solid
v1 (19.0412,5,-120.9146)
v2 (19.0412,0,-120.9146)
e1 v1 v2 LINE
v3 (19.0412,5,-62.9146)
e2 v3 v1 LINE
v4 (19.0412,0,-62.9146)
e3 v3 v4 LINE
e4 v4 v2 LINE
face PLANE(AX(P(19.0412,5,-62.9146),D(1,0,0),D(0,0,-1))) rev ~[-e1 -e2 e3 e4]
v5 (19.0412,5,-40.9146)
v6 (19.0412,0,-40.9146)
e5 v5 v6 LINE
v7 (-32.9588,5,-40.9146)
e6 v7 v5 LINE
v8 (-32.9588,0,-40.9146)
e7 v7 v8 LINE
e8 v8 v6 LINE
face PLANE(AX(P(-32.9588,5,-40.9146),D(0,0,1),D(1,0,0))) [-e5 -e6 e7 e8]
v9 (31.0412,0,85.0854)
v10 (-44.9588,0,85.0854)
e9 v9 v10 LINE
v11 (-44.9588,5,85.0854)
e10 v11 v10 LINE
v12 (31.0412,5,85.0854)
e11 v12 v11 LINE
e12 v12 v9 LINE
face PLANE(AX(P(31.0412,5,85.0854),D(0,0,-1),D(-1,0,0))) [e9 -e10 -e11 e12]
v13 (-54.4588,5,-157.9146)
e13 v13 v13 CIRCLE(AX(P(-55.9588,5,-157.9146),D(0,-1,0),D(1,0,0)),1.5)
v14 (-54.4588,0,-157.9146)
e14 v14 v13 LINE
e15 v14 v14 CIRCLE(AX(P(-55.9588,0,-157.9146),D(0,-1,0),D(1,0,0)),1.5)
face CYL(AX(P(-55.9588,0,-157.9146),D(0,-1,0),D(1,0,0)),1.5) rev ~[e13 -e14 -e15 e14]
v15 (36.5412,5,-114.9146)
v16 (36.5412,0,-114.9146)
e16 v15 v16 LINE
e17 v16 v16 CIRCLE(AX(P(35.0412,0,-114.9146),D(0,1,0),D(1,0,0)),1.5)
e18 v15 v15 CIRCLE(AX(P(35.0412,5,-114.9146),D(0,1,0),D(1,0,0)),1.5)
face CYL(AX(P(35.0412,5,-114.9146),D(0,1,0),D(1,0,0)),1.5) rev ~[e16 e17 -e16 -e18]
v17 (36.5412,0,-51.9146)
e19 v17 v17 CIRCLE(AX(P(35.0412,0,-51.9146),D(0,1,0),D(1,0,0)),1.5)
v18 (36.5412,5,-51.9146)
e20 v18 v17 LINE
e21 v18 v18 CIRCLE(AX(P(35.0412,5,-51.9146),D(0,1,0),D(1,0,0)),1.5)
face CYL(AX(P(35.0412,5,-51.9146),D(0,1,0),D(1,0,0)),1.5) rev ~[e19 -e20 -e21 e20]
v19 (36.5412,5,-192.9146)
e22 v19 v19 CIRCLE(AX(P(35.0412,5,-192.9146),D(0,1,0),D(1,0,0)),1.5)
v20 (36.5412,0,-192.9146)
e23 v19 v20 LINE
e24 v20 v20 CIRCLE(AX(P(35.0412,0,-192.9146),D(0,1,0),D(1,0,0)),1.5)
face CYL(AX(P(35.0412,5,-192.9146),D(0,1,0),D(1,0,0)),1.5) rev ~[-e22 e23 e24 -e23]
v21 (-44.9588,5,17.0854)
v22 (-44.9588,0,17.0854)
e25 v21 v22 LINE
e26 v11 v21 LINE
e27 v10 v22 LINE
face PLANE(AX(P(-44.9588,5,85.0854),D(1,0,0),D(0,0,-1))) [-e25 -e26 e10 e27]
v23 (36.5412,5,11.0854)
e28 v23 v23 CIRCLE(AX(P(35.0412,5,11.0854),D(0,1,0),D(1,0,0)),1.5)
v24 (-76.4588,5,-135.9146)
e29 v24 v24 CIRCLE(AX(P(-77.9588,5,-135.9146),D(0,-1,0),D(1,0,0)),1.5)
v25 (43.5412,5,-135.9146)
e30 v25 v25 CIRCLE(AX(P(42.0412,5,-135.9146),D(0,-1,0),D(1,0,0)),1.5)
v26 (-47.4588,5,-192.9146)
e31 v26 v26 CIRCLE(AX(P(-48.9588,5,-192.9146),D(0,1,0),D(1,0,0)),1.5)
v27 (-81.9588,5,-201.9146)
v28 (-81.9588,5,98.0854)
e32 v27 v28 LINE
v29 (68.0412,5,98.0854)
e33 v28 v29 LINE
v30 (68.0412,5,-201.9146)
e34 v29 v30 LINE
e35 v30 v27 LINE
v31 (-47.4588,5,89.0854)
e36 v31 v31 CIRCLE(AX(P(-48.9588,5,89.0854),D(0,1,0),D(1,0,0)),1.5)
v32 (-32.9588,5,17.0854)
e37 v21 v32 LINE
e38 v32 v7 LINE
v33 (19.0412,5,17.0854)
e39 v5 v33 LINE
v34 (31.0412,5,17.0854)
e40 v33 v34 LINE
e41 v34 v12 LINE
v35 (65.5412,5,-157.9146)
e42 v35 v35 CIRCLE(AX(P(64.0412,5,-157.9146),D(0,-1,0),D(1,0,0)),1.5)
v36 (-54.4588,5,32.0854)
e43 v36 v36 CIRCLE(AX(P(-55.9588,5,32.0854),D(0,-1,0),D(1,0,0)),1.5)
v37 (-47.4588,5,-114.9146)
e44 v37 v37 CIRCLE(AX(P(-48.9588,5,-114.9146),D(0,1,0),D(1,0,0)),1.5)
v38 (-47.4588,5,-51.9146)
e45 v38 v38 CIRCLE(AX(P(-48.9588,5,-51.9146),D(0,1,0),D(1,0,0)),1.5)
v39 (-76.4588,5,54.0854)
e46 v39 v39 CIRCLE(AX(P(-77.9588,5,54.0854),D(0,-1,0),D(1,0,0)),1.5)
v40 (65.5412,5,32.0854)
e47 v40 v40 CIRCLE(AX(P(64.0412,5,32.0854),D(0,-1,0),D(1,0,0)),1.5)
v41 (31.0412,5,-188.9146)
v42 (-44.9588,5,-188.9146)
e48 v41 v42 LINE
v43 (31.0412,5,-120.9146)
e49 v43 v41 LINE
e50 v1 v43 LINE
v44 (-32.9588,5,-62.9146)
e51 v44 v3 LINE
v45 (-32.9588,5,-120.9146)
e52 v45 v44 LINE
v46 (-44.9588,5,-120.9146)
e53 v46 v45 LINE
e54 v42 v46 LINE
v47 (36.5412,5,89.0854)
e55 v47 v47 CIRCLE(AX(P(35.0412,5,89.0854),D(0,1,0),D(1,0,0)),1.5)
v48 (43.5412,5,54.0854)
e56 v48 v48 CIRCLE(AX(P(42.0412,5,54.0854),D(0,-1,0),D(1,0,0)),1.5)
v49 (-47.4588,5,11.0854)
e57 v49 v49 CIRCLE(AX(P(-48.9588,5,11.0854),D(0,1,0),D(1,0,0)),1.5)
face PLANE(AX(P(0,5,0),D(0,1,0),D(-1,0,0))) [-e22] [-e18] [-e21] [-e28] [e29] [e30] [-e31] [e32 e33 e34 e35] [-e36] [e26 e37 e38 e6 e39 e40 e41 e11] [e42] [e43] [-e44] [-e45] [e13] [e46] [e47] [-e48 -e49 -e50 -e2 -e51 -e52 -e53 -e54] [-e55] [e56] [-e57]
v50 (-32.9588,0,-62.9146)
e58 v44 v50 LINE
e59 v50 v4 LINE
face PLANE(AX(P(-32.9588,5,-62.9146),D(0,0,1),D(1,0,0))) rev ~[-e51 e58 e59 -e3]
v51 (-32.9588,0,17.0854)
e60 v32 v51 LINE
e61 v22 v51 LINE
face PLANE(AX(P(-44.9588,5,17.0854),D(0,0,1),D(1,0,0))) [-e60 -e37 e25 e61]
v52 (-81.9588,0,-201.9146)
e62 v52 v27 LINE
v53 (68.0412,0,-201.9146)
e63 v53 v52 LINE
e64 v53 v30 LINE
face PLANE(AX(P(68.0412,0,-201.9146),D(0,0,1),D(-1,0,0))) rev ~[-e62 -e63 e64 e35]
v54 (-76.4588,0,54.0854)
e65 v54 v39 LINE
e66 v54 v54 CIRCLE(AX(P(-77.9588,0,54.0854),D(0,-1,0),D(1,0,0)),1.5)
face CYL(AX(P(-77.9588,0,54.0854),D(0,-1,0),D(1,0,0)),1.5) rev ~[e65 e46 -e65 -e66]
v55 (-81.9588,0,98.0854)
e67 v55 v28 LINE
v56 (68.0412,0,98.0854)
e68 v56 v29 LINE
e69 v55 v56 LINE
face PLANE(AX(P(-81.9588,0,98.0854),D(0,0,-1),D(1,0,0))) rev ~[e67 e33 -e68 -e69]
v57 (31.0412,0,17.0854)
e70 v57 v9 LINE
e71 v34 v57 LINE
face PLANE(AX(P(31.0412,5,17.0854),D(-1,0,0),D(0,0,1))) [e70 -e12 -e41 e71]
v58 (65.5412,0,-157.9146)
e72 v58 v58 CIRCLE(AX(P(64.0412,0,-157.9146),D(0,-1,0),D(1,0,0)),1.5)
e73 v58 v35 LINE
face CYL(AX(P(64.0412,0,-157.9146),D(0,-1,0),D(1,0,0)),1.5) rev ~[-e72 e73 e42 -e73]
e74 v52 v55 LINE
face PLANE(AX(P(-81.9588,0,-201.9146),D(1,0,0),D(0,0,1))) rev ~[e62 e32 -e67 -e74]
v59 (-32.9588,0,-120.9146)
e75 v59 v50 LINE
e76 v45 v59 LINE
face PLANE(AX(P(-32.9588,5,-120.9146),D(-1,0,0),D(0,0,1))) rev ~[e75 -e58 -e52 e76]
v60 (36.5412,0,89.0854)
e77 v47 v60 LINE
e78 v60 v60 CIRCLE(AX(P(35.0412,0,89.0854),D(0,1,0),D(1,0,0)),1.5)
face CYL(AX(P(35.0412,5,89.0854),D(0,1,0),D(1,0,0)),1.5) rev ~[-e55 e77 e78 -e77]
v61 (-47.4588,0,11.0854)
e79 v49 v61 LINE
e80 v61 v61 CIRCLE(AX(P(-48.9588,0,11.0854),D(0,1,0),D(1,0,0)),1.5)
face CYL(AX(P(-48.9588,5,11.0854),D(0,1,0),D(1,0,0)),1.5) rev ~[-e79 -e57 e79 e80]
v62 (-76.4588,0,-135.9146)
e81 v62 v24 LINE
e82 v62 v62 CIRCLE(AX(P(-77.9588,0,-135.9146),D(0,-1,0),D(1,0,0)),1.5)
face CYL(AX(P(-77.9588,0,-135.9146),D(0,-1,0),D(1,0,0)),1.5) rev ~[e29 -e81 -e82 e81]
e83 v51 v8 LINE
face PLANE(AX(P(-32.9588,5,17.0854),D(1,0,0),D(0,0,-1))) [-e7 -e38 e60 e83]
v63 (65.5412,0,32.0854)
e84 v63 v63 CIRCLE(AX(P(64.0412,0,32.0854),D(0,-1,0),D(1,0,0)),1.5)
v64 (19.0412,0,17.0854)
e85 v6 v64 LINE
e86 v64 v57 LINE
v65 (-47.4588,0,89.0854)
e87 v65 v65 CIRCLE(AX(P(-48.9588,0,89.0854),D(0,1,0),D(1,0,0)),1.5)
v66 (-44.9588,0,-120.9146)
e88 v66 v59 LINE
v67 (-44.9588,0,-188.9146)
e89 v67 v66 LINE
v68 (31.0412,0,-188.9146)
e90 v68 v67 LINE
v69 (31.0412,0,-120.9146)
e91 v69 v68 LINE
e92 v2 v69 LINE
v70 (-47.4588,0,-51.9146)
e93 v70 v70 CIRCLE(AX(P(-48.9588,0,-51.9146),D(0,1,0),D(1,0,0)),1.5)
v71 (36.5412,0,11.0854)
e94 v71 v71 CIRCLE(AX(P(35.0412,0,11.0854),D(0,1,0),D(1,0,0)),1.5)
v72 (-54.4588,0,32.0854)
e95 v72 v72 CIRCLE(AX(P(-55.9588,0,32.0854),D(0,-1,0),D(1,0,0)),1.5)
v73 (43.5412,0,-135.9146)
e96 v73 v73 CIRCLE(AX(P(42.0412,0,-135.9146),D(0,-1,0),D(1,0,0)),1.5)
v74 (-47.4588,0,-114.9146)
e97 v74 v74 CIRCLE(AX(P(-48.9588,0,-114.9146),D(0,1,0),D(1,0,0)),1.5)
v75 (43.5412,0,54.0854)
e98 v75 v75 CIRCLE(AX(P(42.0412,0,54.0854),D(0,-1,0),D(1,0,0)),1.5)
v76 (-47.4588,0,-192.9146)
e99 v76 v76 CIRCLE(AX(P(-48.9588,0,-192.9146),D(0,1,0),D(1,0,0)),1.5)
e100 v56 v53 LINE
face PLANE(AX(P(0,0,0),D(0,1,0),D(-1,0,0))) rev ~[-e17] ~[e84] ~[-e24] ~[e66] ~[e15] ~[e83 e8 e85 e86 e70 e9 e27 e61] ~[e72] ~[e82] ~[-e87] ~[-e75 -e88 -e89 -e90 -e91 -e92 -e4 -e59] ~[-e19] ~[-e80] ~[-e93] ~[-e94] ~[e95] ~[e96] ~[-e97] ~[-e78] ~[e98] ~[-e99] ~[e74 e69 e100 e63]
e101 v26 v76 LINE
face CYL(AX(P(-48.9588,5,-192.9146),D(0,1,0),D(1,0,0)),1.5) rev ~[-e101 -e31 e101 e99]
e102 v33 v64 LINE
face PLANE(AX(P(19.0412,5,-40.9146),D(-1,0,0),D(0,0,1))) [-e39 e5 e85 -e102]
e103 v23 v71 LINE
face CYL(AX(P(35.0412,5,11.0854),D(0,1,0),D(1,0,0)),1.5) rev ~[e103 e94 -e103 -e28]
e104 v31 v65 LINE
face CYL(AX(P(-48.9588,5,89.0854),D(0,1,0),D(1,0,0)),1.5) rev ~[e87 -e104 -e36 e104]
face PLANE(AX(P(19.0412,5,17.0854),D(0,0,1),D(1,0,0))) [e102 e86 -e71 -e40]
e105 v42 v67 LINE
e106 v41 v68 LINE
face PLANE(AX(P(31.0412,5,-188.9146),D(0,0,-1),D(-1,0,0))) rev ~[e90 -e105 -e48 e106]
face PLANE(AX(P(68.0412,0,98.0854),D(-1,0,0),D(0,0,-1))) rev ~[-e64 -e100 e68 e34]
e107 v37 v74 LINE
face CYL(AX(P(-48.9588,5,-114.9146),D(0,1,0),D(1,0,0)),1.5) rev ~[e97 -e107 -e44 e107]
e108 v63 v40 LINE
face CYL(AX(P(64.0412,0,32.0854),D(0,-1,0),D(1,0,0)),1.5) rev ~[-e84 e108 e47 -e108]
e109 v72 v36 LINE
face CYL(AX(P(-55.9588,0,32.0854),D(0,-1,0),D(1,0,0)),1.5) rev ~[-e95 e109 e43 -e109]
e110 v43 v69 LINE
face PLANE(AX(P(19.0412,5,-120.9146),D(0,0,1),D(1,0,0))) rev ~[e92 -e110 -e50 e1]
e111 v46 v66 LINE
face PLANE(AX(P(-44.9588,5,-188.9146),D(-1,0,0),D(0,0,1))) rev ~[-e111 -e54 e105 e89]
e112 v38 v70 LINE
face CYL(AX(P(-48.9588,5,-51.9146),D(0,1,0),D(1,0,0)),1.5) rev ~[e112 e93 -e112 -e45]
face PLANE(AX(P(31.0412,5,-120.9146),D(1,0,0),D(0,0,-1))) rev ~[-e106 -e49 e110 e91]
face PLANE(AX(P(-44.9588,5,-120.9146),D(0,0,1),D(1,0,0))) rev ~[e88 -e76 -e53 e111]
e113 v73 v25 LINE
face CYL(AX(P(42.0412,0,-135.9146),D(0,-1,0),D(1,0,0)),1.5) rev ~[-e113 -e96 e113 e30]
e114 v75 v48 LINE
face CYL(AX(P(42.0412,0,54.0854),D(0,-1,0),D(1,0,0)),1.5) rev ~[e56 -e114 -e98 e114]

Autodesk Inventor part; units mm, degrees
ref_plane "YZ Plane" through (0, 0, 0) normal (1, 0, 0) x (0, 1, 0)
ref_plane "XZ Plane" through (0, 0, 0) normal (0, 1, 0) x (-1, 0, 0)
ref_plane "XY Plane" through (0, 0, 0) normal (0, 0, 1) x (1, 0, 0)
sketch "Esquisse1" plane through (0, 0, 0) normal (0, 1, 0) x (-1, 0, 0)
  line L0 (81.9588, 98.0854) -> (-68.0412, 98.0854)
  line L1 (-68.0412, 98.0854) -> (-68.0412, -201.9146)
  line L2 (-68.0412, -201.9146) -> (81.9588, -201.9146)
  line L3 (81.9588, -201.9146) -> (81.9588, 98.0854)
  point P0 (0, 0)
  dimension "d0" = 300
  dimension "d1" = 150
extrude "Extrusion1" add sketch "Esquisse1" along normal blind 5
sketch "Sketch3" plane through (0, 5, 0) normal (0, 1, 0) x (1, 0, 0)
  line L0 (31.0412, -85.0854) -> (-44.9588, -85.0854)
  line L1 (-44.9588, -85.0854) -> (-44.9588, -17.0854)
  line L2 (31.0412, -17.0854) -> (31.0412, -85.0854)
  line L3 (-81.9588, -98.0854) -> (68.0412, -98.0854) projected
  line L4 (68.0412, -98.0854) -> (68.0412, 201.9146) projected
  line L5 (-32.9588, -17.0854) -> (-32.9588, 40.9146)
  line L6 (-32.9588, 40.9146) -> (19.0412, 40.9146)
  line L7 (19.0412, 40.9146) -> (19.0412, -17.0854)
  line L8 (-44.9588, -17.0854) -> (-32.9588, -17.0854)
  line L9 (19.0412, -17.0854) -> (31.0412, -17.0854)
  line L10 (31.0412, 188.9146) -> (-44.9588, 188.9146)
  line L11 (-44.9588, 188.9146) -> (-44.9588, 120.9146)
  line L12 (31.0412, 120.9146) -> (31.0412, 188.9146)
  line L13 (68.0412, 201.9146) -> (-81.9588, 201.9146) projected
  line L14 (-32.9588, 120.9146) -> (-32.9588, 62.9146)
  line L15 (-32.9588, 62.9146) -> (19.0412, 62.9146)
  line L16 (19.0412, 62.9146) -> (19.0412, 120.9146)
  line L17 (-44.9588, 120.9146) -> (-32.9588, 120.9146)
  line L18 (19.0412, 120.9146) -> (31.0412, 120.9146)
  circle A0 centre (35.0412, 51.9146) radius 1.5
  line L19 (-81.9588, 201.9146) -> (-81.9588, -98.0854) projected
  circle A1 centre (-48.9588, 51.9146) radius 1.5
  point P0 (0, 0)
  dimension "d17" = 76
  dimension "d18" = 68
  dimension "d19" = 13
  dimension "d20" = 37
  dimension "d21" = 12
  dimension "d22" = 12
  dimension "d23" = 58
  dimension "d24" = 68
  dimension "d25" = 52
  dimension "d26" = 13
  dimension "d27" = 76
  dimension "d28" = 68
  dimension "d29" = 37
  dimension "d30" = 12
  dimension "d31" = 12
  dimension "d32" = 58
  dimension "d33" = 52
  dimension "d34" = 68
  dimension "d39" = 3
  dimension "d53" = 33
  dimension "d54" = 150
  dimension "d58" = 3
  dimension "d59" = 33
  dimension "d60" = 150
extrude "Extrusion3" cut sketch "Sketch3" against normal through all contours L0 L1 L8 L5 L6 L7 L9 L2 | L12 L18 L16 L15 L14 L17 L11 L10 | A0 | A1
sketch "Esquisse10" plane through (0, 5, 0) normal (0, 1, 0) x (1, 0, 0)
  circle A0 centre (-48.9588, -89.0854) radius 1.5
  circle A1 centre (-48.9588, -11.0854) radius 1.5
  circle A2 centre (-48.9588, 114.9146) radius 1.5
  circle A3 centre (-48.9588, 192.9146) radius 1.5
  circle A4 centre (35.0412, 192.9146) radius 1.5
  circle A5 centre (35.0412, 114.9146) radius 1.5
  circle A6 centre (35.0412, -11.0854) radius 1.5
  circle A7 centre (35.0412, -89.0854) radius 1.5
  point P0 (0, 0)
extrude "Extrusion9" cut sketch "Esquisse10" against normal through all
sketch "Esquisse12" plane through (0, 0, 0) normal (0, -1, 0) x (1, 0, 0)
  circle A0 centre (-77.9588, 54.0854) radius 1.5
  circle A1 centre (-55.9588, 32.0854) radius 1.5
  circle A2 centre (42.0412, 54.0854) radius 1.5
  circle A3 centre (64.0412, 32.0854) radius 1.5
  circle A4 centre (42.0412, -135.9146) radius 1.5
  circle A5 centre (64.0412, -157.9146) radius 1.5
  circle A6 centre (-55.9588, -157.9146) radius 1.5
  circle A7 centre (-77.9588, -135.9146) radius 1.5
  point P0 (0, 0)
extrude "Extrusion10" cut sketch "Esquisse12" against normal through all
properties part number "socle-robot"
